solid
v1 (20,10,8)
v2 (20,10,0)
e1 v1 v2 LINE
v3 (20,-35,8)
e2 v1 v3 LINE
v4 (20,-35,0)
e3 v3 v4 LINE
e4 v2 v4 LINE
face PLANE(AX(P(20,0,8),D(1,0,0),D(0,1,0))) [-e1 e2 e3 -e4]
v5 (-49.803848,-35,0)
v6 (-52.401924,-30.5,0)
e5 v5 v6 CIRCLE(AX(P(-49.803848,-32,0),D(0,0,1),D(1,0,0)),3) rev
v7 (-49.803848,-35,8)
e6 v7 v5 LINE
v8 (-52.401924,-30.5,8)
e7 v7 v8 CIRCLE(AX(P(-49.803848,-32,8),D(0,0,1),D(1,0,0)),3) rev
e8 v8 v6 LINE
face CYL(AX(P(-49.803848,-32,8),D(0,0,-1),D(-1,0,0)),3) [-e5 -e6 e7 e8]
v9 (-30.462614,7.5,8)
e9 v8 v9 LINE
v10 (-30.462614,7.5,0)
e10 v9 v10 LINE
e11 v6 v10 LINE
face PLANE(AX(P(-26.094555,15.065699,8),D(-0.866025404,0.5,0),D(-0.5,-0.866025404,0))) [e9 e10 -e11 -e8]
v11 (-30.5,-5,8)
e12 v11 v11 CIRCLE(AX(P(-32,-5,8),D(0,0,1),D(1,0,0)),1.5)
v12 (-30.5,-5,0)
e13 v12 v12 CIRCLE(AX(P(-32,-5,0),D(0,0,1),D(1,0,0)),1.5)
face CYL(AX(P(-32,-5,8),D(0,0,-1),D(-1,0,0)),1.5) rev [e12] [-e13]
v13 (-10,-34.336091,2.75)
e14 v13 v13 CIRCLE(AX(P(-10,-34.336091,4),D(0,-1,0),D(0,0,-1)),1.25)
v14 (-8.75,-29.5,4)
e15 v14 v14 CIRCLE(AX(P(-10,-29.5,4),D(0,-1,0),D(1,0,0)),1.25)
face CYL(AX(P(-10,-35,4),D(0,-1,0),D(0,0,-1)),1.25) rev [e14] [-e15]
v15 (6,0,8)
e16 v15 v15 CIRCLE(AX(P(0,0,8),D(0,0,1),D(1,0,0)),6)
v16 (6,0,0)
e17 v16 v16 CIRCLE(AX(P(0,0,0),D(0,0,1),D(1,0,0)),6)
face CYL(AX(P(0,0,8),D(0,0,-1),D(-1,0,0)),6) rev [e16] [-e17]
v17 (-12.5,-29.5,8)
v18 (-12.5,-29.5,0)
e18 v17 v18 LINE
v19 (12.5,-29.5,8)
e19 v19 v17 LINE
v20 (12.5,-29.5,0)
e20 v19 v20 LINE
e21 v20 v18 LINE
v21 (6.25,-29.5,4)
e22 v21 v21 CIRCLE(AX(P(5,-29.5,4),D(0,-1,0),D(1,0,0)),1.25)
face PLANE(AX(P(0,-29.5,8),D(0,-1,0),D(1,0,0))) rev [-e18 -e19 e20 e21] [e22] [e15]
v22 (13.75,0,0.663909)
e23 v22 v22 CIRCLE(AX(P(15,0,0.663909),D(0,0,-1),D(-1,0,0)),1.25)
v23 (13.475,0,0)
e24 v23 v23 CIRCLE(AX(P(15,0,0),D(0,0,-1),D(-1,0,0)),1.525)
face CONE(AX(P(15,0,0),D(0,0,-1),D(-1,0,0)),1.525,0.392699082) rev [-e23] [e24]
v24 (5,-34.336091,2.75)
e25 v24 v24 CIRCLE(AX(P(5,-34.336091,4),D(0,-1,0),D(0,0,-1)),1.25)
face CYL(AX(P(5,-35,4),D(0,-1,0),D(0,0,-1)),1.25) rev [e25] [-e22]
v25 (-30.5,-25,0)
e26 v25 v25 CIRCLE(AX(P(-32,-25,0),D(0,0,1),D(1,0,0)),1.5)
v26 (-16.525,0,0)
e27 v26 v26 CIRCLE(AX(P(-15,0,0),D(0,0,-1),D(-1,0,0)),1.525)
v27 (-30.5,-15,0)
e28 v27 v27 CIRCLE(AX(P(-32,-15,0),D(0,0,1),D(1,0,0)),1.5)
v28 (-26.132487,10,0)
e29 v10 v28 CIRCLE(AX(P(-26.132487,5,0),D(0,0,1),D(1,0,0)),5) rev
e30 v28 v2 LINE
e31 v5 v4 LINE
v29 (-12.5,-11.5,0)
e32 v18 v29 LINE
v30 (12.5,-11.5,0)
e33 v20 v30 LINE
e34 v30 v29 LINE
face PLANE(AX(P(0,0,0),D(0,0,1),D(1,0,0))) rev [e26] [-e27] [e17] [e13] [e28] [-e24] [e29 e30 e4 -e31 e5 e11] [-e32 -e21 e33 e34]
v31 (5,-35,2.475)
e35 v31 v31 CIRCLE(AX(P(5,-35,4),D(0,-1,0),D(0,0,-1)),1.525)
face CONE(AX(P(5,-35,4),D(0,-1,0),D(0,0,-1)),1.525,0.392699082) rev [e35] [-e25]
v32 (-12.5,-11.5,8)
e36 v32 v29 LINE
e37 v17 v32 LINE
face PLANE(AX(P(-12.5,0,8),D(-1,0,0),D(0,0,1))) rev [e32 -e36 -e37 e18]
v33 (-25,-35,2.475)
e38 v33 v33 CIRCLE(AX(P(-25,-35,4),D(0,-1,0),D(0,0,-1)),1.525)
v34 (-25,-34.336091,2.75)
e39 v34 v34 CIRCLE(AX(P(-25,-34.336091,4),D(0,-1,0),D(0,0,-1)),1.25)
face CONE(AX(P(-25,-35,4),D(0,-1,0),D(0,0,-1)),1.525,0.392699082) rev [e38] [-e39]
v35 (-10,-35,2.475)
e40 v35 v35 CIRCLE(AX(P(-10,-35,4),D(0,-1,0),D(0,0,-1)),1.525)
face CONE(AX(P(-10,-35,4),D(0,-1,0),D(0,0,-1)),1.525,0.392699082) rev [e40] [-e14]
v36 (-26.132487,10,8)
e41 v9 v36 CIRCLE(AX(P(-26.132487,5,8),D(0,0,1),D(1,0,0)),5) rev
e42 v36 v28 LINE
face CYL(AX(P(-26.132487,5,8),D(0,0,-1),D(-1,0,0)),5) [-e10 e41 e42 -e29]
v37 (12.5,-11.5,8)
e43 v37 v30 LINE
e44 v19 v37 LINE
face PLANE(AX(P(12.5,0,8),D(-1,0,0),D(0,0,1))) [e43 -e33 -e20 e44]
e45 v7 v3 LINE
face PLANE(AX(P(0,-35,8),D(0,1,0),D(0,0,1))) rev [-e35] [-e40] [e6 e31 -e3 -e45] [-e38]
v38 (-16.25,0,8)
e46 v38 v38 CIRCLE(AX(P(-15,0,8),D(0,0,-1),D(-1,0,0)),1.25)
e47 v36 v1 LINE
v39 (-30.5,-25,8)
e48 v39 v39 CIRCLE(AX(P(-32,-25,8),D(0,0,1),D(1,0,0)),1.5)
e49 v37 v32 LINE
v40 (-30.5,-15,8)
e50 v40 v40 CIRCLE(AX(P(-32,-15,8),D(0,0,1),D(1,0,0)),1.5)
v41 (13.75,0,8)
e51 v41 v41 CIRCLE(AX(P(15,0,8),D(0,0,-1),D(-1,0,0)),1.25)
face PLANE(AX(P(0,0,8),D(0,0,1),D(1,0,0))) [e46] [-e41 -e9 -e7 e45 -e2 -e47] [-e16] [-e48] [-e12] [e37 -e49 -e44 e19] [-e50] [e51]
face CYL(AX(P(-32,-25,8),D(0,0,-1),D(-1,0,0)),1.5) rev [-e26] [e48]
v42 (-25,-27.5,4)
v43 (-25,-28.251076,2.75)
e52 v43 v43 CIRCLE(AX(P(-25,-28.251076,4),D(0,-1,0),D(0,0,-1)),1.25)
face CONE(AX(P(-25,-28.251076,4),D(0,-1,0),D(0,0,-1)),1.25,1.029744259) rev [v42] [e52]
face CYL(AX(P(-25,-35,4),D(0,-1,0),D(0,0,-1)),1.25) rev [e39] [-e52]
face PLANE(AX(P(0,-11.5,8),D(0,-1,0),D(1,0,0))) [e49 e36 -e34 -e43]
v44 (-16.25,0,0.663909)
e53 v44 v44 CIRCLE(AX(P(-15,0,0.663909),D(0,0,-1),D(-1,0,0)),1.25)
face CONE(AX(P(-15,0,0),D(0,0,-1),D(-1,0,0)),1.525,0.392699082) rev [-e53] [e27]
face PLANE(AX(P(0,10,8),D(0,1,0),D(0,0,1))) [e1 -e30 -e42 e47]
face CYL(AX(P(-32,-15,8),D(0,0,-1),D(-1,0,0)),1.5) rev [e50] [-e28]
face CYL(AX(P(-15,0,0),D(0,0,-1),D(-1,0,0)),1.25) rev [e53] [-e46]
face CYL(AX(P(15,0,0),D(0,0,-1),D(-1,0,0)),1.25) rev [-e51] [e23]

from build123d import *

# Parameters (mm, degrees)
SKETCH_1_R                   = 6
SKETCH_1_R_2                 = 1.5
SKETCH_1_W                   = 25
SKETCH_1_H                   = 18
EXTRUDE_1_DEPTH              = 8
HOLE_WIZARD_M3_1_D           = 2.5
HOLE_WIZARD_M3_1_DEPTH       = 6.748924226
HOLE_WIZARD_M3_1_CSINK_D     = 3.05
HOLE_WIZARD_M3_1_CSINK_ANGLE = 45
HOLE_WIZARD_M3_1_TIP         = 0.751075774
HOLE_WIZARD_M3_2_D           = 2.5
HOLE_WIZARD_M3_2_CSINK_D     = 3.05
HOLE_WIZARD_M3_2_CSINK_ANGLE = 45


with BuildPart() as part:
    # 草圖1 → 填料-伸長1 (new body)
    with BuildSketch(Plane.XY):
        with BuildLine():
            Line((-52.401923789, -30.5), (-30.462613559, 7.5))
            ThreePointArc((-30.462613559, 7.5), (-28.632486541, 9.330127019), (-26.132486541, 10))
            Line((-26.132486541, 10), (0, 10))
            Line((0, 10), (20, 10))
            Line((20, 10), (20, -35))
            Line((20, -35), (0, -35))
            Line((0, -35), (-49.803847577, -35))
            ThreePointArc((-49.803847577, -35), (-52.401923789, -33.5), (-52.401923789, -30.5))
        make_face()
        Circle(SKETCH_1_R, mode=Mode.SUBTRACT)
        with Locations((-32, -5)):
            Circle(SKETCH_1_R_2, mode=Mode.SUBTRACT)
        with Locations((-32, -15)):
            Circle(SKETCH_1_R_2, mode=Mode.SUBTRACT)
        with Locations((-32, -25)):
            Circle(SKETCH_1_R_2, mode=Mode.SUBTRACT)
        with Locations((0, -20.5)):
            Rectangle(SKETCH_1_W, SKETCH_1_H, mode=Mode.SUBTRACT)
    extrude(amount=EXTRUDE_1_DEPTH)

    # M3 螺紋孔1
    with Locations(Plane(origin=(-10, -35, 4), x_dir=(0, 0, -1), z_dir=(0, -1, 0))):
        with Locations((0, 0), (0, 15), (0, -15)):
            CounterSinkHole(HOLE_WIZARD_M3_1_D / 2, HOLE_WIZARD_M3_1_CSINK_D / 2, depth=HOLE_WIZARD_M3_1_DEPTH, counter_sink_angle=HOLE_WIZARD_M3_1_CSINK_ANGLE)
            with Locations((0, 0, -(HOLE_WIZARD_M3_1_DEPTH + HOLE_WIZARD_M3_1_TIP / 2))):  # 118° drill point
                Cone(0, HOLE_WIZARD_M3_1_D / 2, HOLE_WIZARD_M3_1_TIP, mode=Mode.SUBTRACT)

    # M3 螺紋孔2 (through all)
    with Locations(Plane(origin=(15, 0, 0), x_dir=(-1, 0, 0), z_dir=(0, 0, -1))):
        with Locations((0, 0), (30, 0)):
            CounterSinkHole(HOLE_WIZARD_M3_2_D / 2, HOLE_WIZARD_M3_2_CSINK_D / 2, counter_sink_angle=HOLE_WIZARD_M3_2_CSINK_ANGLE)


solid = part.part
